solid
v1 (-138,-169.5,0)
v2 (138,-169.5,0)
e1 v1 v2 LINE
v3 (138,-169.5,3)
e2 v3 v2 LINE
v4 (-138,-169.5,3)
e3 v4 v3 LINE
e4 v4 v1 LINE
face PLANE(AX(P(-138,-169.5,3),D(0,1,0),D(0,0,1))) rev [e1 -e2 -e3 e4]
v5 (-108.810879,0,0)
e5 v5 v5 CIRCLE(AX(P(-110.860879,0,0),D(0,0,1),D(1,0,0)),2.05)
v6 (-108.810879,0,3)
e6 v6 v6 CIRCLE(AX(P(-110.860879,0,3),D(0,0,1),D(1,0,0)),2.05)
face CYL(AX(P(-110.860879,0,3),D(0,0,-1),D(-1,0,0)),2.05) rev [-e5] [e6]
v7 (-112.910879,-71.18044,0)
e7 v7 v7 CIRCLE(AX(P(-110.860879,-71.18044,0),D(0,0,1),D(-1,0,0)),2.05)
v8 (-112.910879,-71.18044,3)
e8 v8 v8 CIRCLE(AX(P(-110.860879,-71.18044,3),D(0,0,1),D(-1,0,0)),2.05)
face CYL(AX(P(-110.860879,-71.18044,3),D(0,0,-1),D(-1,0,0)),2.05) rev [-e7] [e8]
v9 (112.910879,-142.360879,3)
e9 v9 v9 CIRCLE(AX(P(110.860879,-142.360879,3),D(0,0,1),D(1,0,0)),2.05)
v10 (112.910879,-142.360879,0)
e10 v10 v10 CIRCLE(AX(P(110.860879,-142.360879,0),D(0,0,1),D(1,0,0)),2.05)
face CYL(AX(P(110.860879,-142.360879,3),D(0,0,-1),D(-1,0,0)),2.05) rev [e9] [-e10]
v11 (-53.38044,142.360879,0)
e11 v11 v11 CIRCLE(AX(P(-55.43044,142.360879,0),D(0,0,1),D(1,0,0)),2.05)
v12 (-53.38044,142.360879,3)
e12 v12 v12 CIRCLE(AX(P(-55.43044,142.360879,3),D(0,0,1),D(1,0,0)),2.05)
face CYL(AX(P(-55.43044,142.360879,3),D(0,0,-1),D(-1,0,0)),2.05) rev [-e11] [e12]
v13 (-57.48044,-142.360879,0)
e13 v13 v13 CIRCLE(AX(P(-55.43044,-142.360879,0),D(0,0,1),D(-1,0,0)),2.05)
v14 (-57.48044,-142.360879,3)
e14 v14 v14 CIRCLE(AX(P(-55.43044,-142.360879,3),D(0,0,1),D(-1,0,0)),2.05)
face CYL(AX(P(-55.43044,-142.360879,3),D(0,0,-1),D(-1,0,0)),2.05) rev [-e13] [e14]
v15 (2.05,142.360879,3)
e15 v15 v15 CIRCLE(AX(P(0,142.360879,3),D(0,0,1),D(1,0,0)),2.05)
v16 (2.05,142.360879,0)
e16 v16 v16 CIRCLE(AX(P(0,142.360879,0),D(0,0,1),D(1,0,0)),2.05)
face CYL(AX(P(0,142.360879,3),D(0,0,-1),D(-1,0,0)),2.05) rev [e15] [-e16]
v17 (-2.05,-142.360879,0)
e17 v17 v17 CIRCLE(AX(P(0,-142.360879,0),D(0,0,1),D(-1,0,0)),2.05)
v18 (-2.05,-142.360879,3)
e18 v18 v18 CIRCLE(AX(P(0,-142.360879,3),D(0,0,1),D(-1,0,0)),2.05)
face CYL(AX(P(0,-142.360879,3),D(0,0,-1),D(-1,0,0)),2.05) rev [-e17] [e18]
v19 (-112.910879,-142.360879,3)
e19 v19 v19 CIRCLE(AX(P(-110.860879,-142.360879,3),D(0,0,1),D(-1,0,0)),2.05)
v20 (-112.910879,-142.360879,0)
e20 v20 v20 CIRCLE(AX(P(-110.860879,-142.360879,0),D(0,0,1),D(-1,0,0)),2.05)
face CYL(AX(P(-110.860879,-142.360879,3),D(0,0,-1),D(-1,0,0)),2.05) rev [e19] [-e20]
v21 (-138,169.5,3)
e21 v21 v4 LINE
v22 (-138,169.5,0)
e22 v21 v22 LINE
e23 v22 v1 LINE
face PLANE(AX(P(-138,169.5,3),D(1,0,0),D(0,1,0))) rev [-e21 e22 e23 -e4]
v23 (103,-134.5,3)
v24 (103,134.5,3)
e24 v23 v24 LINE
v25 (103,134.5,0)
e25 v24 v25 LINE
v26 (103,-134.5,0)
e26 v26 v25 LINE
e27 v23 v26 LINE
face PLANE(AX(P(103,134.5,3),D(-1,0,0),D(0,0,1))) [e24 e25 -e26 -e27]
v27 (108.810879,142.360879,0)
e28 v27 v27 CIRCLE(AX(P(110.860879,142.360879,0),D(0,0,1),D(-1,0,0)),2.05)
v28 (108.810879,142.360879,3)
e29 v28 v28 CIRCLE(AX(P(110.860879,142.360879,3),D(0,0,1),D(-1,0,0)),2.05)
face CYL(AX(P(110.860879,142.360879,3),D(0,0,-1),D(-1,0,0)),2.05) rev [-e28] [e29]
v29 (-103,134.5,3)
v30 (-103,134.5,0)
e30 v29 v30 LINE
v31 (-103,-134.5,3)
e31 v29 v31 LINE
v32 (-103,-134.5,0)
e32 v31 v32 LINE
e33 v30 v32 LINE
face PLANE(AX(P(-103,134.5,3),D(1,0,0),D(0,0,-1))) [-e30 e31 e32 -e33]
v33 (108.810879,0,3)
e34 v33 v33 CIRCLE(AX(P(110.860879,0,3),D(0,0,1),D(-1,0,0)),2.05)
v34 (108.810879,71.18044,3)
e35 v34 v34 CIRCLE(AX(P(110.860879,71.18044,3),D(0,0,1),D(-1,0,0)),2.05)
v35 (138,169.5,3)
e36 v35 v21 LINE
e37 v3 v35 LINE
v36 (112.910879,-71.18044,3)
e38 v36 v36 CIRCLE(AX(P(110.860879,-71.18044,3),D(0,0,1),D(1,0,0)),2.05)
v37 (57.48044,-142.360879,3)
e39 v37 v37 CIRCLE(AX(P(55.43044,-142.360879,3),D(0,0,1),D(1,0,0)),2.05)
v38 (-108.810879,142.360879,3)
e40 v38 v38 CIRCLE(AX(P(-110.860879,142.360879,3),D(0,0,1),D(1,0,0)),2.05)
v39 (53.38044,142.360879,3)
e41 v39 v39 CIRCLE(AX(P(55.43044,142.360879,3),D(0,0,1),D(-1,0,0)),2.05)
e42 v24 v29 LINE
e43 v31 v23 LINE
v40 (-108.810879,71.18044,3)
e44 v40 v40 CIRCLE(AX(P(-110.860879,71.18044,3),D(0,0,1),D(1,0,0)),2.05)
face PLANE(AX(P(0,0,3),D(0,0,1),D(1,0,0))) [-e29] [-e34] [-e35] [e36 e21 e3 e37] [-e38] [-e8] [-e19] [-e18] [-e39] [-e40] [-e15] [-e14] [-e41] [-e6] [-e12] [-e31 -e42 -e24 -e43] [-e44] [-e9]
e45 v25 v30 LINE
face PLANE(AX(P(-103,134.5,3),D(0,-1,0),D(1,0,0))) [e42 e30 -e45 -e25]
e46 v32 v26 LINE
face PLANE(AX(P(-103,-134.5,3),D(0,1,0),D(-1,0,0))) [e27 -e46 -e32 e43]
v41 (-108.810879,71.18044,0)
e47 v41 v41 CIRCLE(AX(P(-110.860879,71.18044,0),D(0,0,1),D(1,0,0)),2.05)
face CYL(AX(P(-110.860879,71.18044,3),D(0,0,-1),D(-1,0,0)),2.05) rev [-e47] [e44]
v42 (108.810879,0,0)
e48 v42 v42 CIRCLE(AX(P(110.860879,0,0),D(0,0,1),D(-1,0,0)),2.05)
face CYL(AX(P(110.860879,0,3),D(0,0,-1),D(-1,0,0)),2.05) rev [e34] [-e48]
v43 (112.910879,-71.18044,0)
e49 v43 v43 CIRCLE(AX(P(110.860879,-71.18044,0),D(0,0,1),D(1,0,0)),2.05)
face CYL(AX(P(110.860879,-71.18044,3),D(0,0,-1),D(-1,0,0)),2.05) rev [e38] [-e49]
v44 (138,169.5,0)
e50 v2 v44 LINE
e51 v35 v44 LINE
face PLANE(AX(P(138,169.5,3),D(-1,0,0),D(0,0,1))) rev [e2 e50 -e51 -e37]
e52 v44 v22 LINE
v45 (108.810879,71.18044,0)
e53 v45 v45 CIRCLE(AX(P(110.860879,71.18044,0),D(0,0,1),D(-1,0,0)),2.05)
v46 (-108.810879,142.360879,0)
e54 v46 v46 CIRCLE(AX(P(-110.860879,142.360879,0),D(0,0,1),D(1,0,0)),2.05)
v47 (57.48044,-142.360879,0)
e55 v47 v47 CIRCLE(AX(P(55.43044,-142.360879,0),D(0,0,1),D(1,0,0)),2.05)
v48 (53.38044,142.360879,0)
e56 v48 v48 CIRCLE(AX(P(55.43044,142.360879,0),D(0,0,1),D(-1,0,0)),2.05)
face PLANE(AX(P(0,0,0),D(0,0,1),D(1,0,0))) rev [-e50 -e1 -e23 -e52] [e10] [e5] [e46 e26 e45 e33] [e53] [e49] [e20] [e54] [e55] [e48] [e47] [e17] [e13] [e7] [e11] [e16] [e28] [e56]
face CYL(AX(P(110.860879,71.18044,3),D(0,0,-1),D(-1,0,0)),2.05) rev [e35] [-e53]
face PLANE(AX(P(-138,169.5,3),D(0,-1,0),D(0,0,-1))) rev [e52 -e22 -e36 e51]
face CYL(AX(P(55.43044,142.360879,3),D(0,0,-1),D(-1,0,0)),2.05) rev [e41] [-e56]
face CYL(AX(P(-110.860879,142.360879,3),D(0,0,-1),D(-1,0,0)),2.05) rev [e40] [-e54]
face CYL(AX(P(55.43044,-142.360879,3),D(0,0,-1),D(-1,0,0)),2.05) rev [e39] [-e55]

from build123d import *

# Parameters (mm, degrees)
SKETCH1_W           = 276
SKETCH1_H           = 339
SKETCH1_R           = 2.05
SKETCH1_W_2         = 206
SKETCH1_H_2         = 269
BOSS_EXTRUDE1_DEPTH = 3


with BuildPart() as part:
    # Sketch1 → Boss-Extrude1 (new body)
    with BuildSketch(Plane.XY):
        Rectangle(SKETCH1_W, SKETCH1_H)
        with Locations((-110.860879207, 142.360879207)):
            Circle(SKETCH1_R, mode=Mode.SUBTRACT)
        with Locations((-55.430439603, 142.360879207)):
            Circle(SKETCH1_R, mode=Mode.SUBTRACT)
        with Locations((-110.860879207, 71.180439603)):
            Circle(SKETCH1_R, mode=Mode.SUBTRACT)
        with Locations(Location((-55.430439603, -142.360879207, 0), (0, 0, 180))):
            Circle(SKETCH1_R, mode=Mode.SUBTRACT)
        with Locations(Location((-110.860879207, -142.360879207, 0), (0, 0, 180))):
            Circle(SKETCH1_R, mode=Mode.SUBTRACT)
        with Locations(Location((-110.860879207, -71.180439603, 0), (0, 0, 180))):
            Circle(SKETCH1_R, mode=Mode.SUBTRACT)
        with Locations(Location((55.430439603, 142.360879207, 0), (0, 0, 180))):
            Circle(SKETCH1_R, mode=Mode.SUBTRACT)
        with Locations(Location((110.860879207, 142.360879207, 0), (0, 0, 180))):
            Circle(SKETCH1_R, mode=Mode.SUBTRACT)
        with Locations(Location((110.860879207, 71.180439603, 0), (0, 0, 180))):
            Circle(SKETCH1_R, mode=Mode.SUBTRACT)
        with Locations((55.430439603, -142.360879207)):
            Circle(SKETCH1_R, mode=Mode.SUBTRACT)
        with Locations((110.860879207, -142.360879207)):
            Circle(SKETCH1_R, mode=Mode.SUBTRACT)
        with Locations((110.860879207, -71.180439603)):
            Circle(SKETCH1_R, mode=Mode.SUBTRACT)
        with Locations((-110.860879207, 0)):
            Circle(SKETCH1_R, mode=Mode.SUBTRACT)
        with Locations(Location((110.860879207, 0, 0), (0, 0, 180))):
            Circle(SKETCH1_R, mode=Mode.SUBTRACT)
        with Locations((0, 142.360879207)):
            Circle(SKETCH1_R, mode=Mode.SUBTRACT)
        with Locations(Location((0, -142.360879207, 0), (0, 0, 180))):
            Circle(SKETCH1_R, mode=Mode.SUBTRACT)
        Rectangle(SKETCH1_W_2, SKETCH1_H_2, mode=Mode.SUBTRACT)
    extrude(amount=BOSS_EXTRUDE1_DEPTH)


solid = part.part
